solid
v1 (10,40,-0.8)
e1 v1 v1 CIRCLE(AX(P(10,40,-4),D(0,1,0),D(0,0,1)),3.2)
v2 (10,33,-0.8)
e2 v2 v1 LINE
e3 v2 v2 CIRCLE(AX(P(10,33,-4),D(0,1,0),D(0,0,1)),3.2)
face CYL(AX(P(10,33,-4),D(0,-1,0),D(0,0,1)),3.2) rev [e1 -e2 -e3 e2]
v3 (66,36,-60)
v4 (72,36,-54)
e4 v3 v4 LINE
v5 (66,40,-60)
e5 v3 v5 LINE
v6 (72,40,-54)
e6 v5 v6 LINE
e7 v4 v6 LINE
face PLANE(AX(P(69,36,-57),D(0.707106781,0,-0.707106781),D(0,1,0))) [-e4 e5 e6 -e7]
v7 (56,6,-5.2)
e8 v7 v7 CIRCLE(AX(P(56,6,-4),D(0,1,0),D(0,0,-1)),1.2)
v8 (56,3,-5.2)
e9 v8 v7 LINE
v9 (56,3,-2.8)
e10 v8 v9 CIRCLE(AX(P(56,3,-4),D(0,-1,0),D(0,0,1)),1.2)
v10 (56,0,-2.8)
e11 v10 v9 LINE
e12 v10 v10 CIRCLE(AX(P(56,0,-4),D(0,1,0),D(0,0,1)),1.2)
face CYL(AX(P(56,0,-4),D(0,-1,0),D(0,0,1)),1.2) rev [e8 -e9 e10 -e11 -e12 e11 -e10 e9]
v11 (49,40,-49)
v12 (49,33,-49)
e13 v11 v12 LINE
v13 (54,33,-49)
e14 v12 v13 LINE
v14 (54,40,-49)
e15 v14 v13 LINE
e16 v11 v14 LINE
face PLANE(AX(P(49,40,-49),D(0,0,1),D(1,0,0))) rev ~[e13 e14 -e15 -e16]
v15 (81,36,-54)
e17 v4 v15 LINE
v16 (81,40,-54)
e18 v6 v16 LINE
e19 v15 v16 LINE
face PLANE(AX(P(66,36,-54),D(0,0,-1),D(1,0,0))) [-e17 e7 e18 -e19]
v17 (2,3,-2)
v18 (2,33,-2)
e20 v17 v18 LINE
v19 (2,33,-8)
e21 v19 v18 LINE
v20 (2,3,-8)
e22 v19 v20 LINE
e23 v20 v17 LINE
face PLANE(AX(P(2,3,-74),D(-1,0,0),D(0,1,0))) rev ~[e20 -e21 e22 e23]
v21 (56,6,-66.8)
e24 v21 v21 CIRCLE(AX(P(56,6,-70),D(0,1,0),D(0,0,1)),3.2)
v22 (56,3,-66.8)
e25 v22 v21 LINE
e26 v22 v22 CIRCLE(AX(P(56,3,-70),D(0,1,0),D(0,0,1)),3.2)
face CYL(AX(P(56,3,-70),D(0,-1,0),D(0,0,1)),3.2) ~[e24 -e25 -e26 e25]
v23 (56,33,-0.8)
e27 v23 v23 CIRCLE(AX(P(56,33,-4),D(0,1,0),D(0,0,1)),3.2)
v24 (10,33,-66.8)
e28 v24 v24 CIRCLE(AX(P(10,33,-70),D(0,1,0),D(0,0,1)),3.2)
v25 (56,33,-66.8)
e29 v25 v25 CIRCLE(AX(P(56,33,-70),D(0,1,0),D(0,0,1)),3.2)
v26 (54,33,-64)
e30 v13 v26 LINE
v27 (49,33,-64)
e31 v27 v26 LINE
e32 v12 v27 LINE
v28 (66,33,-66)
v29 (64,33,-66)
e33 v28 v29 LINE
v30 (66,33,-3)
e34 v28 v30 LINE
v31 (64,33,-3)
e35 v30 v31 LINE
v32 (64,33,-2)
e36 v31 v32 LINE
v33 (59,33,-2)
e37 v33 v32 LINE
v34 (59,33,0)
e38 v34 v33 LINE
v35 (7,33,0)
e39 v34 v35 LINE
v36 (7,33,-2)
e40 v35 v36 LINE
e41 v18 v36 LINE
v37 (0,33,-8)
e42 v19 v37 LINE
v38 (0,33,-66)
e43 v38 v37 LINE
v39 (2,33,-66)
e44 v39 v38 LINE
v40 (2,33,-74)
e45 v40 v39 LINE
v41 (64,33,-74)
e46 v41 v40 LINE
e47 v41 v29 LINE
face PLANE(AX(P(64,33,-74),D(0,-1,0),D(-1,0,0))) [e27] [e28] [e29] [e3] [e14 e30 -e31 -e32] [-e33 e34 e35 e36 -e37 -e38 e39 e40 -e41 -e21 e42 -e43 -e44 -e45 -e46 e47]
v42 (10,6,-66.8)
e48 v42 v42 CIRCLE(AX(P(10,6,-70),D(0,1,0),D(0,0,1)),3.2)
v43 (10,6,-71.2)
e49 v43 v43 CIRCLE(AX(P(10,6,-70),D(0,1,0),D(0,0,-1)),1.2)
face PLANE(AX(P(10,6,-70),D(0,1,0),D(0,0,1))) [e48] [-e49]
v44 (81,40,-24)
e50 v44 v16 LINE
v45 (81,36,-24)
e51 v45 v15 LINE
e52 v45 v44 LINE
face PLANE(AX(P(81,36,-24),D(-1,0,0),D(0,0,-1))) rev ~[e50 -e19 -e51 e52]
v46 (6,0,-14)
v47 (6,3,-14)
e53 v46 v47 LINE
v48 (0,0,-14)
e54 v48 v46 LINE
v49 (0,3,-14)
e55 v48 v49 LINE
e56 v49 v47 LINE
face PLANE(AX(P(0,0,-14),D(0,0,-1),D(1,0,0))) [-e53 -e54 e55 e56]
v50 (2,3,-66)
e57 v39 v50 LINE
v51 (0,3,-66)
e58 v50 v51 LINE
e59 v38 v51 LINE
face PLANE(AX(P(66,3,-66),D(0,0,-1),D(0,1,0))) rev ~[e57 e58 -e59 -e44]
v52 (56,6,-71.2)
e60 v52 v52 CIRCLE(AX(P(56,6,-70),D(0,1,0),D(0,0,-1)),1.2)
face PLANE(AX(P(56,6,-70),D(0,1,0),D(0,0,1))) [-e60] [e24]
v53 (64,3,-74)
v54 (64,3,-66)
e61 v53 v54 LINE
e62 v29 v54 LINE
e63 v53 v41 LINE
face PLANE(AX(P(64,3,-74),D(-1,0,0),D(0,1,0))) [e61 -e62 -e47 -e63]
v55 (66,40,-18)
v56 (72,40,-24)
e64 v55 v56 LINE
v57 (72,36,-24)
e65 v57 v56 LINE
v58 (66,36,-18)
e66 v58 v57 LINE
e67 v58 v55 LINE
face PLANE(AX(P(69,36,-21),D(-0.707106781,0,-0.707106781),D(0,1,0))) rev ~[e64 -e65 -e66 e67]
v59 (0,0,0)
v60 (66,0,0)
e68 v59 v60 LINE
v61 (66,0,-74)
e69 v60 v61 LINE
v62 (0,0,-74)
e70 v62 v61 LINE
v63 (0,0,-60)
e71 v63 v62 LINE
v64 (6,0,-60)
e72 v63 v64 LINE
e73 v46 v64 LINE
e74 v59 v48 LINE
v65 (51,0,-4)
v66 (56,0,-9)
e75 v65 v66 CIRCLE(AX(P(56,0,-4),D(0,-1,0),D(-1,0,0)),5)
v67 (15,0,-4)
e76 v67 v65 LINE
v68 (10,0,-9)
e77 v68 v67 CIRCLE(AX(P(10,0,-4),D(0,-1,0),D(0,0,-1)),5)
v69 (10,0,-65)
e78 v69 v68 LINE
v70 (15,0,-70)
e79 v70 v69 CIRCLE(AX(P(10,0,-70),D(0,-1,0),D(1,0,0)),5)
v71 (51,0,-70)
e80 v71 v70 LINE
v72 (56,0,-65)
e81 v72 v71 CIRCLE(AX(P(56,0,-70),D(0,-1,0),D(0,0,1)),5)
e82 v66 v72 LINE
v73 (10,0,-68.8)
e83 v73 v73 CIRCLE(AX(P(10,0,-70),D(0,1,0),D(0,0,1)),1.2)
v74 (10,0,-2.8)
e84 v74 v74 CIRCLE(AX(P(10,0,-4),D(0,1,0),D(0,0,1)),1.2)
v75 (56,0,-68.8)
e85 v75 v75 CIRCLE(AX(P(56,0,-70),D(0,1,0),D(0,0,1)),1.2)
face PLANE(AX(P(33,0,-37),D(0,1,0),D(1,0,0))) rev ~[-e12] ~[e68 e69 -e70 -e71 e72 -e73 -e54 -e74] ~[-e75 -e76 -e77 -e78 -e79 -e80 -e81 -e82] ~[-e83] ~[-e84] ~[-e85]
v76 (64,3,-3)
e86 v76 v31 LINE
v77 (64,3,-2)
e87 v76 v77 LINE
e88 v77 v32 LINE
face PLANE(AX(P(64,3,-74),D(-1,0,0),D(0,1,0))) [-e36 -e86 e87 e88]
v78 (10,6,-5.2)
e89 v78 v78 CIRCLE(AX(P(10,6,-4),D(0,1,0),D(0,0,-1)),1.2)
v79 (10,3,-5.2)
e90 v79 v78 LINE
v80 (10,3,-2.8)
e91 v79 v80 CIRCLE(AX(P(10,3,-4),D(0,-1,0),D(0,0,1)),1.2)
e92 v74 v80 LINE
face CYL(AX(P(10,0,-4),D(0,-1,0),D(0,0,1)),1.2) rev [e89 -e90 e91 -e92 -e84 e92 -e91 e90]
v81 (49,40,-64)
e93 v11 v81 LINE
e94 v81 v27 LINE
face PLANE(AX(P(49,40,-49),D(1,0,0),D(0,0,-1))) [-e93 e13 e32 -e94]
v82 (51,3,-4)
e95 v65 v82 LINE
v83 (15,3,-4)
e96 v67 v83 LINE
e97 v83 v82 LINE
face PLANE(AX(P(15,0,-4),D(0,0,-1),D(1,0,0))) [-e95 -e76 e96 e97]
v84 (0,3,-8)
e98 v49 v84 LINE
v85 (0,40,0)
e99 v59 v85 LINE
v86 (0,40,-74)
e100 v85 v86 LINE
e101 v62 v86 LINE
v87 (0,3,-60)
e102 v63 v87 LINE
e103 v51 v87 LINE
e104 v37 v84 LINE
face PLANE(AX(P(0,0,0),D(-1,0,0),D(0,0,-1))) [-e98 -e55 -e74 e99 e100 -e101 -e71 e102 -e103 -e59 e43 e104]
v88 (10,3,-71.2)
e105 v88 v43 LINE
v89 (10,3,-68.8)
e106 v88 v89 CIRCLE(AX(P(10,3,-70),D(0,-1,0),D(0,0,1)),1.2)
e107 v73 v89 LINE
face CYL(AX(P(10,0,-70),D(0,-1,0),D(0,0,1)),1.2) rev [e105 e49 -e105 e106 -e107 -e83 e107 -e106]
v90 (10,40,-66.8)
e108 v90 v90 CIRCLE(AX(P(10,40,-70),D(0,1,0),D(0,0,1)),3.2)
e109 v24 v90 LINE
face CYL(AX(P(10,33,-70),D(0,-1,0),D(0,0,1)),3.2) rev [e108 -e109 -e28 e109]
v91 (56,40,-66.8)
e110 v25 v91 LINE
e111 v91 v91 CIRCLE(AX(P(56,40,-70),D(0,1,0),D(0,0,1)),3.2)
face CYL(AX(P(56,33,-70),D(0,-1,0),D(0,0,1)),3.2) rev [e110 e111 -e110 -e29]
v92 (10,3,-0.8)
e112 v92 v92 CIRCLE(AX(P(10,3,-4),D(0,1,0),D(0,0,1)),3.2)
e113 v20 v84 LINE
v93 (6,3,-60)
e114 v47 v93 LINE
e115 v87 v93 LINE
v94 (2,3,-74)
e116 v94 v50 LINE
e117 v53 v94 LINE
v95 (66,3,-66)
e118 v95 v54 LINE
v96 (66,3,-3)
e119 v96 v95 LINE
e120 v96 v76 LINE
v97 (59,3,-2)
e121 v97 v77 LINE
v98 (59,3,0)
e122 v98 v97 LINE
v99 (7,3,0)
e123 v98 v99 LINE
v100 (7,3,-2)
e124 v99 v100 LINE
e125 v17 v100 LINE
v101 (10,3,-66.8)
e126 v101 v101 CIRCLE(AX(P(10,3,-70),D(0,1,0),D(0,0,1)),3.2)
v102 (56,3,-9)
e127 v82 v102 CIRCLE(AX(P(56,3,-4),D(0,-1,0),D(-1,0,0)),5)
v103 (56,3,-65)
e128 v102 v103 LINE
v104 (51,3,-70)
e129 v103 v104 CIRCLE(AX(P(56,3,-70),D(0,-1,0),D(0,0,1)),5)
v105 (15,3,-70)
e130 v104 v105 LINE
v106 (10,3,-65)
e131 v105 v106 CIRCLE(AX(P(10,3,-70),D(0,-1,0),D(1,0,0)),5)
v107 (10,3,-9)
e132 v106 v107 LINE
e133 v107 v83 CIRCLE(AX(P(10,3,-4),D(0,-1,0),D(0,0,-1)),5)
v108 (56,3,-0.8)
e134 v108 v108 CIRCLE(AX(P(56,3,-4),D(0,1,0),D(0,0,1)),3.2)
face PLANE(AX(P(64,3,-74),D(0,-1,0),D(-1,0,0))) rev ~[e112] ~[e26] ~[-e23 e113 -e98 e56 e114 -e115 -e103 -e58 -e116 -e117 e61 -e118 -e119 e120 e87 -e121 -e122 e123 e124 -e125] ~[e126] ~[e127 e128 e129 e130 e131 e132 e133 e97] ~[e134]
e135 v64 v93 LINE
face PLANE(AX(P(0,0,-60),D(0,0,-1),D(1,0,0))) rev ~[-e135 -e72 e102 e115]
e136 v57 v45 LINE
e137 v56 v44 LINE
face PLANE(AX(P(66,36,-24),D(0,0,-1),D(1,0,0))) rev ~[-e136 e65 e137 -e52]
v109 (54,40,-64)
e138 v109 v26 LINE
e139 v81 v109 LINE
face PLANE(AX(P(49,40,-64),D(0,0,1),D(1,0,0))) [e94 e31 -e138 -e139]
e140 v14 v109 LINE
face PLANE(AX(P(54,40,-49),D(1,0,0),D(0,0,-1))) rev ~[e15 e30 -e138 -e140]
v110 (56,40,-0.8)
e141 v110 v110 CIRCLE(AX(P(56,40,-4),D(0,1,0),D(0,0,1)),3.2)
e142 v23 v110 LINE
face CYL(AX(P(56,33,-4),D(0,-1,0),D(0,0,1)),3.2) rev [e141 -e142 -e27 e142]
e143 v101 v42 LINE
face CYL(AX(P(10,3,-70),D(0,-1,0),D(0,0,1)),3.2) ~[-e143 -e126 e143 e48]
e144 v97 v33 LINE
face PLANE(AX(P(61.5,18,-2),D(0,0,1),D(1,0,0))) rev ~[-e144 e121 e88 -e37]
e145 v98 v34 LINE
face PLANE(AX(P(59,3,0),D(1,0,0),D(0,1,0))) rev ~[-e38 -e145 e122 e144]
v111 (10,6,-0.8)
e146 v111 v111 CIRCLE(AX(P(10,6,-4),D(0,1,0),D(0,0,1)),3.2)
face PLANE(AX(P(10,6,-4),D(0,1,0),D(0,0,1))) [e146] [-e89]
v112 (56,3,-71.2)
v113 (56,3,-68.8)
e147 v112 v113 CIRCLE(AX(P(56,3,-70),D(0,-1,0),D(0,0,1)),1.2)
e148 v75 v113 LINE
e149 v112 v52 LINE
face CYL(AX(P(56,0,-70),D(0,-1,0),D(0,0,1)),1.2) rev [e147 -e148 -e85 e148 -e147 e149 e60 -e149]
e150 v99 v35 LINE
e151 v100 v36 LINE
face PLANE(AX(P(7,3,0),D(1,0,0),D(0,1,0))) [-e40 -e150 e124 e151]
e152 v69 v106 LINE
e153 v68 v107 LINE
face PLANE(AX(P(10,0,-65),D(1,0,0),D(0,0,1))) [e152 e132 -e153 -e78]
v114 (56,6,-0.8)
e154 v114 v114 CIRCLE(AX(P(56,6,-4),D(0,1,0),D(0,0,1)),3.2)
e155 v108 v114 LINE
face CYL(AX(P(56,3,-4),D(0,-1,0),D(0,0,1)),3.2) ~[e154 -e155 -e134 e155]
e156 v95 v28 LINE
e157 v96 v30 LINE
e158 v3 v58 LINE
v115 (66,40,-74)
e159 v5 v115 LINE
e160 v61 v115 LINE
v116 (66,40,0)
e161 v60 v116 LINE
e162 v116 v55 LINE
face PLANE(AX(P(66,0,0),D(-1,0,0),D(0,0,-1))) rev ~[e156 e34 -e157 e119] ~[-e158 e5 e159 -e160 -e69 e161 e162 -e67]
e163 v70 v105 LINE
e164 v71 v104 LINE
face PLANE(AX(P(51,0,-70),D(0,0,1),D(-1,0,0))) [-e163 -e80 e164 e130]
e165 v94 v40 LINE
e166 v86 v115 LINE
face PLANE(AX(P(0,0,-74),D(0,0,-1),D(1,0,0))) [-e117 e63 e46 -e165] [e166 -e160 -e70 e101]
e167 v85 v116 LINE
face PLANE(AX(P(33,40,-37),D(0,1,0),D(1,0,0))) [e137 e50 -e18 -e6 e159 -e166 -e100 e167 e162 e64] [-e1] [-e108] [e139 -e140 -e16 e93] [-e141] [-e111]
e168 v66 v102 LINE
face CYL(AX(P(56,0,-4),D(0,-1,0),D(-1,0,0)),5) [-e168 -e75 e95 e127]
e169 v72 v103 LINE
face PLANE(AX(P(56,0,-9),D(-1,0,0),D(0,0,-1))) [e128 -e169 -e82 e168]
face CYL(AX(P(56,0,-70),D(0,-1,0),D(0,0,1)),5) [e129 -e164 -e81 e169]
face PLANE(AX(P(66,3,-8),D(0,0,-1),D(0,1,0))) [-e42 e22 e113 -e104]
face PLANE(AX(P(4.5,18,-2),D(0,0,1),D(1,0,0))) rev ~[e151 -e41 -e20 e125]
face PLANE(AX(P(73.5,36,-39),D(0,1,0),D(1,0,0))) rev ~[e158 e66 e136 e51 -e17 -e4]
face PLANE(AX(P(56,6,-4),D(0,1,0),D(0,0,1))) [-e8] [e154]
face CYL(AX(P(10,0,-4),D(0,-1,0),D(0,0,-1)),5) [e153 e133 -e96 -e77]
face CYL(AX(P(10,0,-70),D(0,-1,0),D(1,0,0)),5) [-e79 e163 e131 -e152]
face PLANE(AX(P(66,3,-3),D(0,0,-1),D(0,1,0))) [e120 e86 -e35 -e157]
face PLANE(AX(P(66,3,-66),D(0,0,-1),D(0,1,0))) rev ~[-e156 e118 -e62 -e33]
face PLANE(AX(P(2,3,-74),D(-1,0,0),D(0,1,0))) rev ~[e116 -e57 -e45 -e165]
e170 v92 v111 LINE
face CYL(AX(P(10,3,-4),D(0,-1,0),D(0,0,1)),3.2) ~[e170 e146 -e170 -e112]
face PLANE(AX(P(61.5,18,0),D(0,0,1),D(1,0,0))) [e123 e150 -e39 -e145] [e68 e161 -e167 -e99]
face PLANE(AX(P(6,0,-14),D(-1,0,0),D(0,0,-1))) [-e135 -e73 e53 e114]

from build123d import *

# Parameters (mm, degrees)
SKETCH1_W                             = 66
SKETCH1_H                             = 74
SKETCH1_R                             = 1.2
MAIN_OUTER_CONNECTION_DEPTH           = 40
SKETCH2_W                             = 62
SKETCH2_H                             = 30
HOLE_FOR_PROTOBOARD_ACCESS_DEPTH      = 107.920531237
SKETCH16_W                            = 5
SKETCH16_H                            = 30
WALL_FOR_SCREW_TERMINAL_REPLACE_DEPTH = 2
SKETCH18_W                            = 58
SKETCH18_H                            = 30
HOLE_FOR_WIRE_CONNECTIONS_DEPTH       = 107.920531237
HOLE_FOR_SCREW_TERMINAL_REPLACE_REACH = 108.921
SKETCH18_3_W                          = 5
SKETCH18_3_H                          = 30
SKETCH1_3_W                           = 6
SKETCH1_3_H                           = 46
HOLE_FOR_WIRE_IN_BOTTOM_DEPTH         = 10
BOLT_START                            = 33
SKETCH1_5_R                           = 3.2
SKETCH1_5_R_2                         = 1.2
BOLT_HEAD_CLEARANCE_DEPTH             = 7
STANDOFF_START                        = 3
SKETCH1_6_R                           = 3.2
SKETCH1_6_R_2                         = 1.2
STANDOFF_FOR_WIRE_CLEARANCE_DEPTH     = 3
BREAKOUT_START                        = 36
SKETCH1_8_W                           = 15
SKETCH1_8_H                           = 30
BREAKOUT_BOARD_COVER_DEPTH            = 4
CUT_EXTRUDE14_START                   = 40
SKETCH1_9_W                           = 5
SKETCH1_9_H                           = 15
CUT_EXTRUDE14_DEPTH                   = 7
CHAMFER2_SIZE                         = 6


with BuildPart() as part:
    # Sketch1 → Main Outer Connection (new body)
    with BuildSketch(Plane(origin=(0, 0, 0), x_dir=(1, 0, 0), z_dir=(0, 1, 0))):
        with Locations((33, 37)):
            Rectangle(SKETCH1_W, SKETCH1_H)
        with Locations(Location((10, 70, 0), (0, 0, 270))):
            Circle(SKETCH1_R, mode=Mode.SUBTRACT)
        with Locations(Location((56, 70, 0), (0, 0, 270))):
            Circle(SKETCH1_R, mode=Mode.SUBTRACT)
        with Locations(Location((10, 4, 0), (0, 0, 270))):
            Circle(SKETCH1_R, mode=Mode.SUBTRACT)
        with Locations(Location((56, 4, 0), (0, 0, 270))):
            Circle(SKETCH1_R, mode=Mode.SUBTRACT)
    extrude(amount=MAIN_OUTER_CONNECTION_DEPTH)

    # Sketch2 → Hole for Protoboard Access (cut, through all)
    with BuildSketch(Plane(origin=(0, 0, -74), x_dir=(-1, 0, 0), z_dir=(0, 0, -1))):
        with Locations((-33, 18)):
            Rectangle(SKETCH2_W, SKETCH2_H)
    extrude(amount=-HOLE_FOR_PROTOBOARD_ACCESS_DEPTH, mode=Mode.SUBTRACT)

    # Sketch16 → Wall for Screw Terminal Replace (add)
    with BuildSketch(Plane.XY):
        with Locations((61.5, 18)):
            Rectangle(SKETCH16_W, SKETCH16_H)
        with Locations((4.5, 18)):
            Rectangle(SKETCH16_W, SKETCH16_H)
    extrude(amount=-WALL_FOR_SCREW_TERMINAL_REPLACE_DEPTH)

    # Sketch18 → Hole for Wire Connections (cut, through all)
    with BuildSketch(Plane(origin=(66, 0, 0), x_dir=(0, 0, -1), z_dir=(1, 0, 0))):
        with Locations((37, 18)):
            Rectangle(SKETCH18_W, SKETCH18_H)
    extrude(amount=-HOLE_FOR_WIRE_CONNECTIONS_DEPTH, mode=Mode.SUBTRACT)

    # Sketch18<3> → Hole for Screw Terminal Replace (cut, up to next)
    with BuildSketch(Plane(origin=(66, 0, 0), x_dir=(0, 0, -1), z_dir=(1, 0, 0)), mode=Mode.PRIVATE) as hole_for_screw_terminal_replace_sk1:
        with Locations((5.5, 18)):
            Rectangle(SKETCH18_3_W, SKETCH18_3_H)
    hole_for_screw_terminal_replace_tool1 = extrude(hole_for_screw_terminal_replace_sk1.sketch, amount=-HOLE_FOR_SCREW_TERMINAL_REPLACE_REACH, mode=Mode.PRIVATE) & part.part
    add(hole_for_screw_terminal_replace_tool1.solids().sort_by_distance((66, 18, -5.5))[0], mode=Mode.SUBTRACT)

    # Sketch1<3> → Hole for Wire in Bottom (cut)
    with BuildSketch(Plane(origin=(0, 0, 0), x_dir=(1, 0, 0), z_dir=(0, 1, 0))):
        with Locations((3, 37)):
            Rectangle(SKETCH1_3_W, SKETCH1_3_H)
        with BuildLine():
            Line((51, 70), (15, 70))
            ThreePointArc((15, 70), (13.535533906, 66.464466094), (10, 65))
            Line((10, 65), (10, 9))
            ThreePointArc((10, 9), (13.535533906, 7.535533906), (15, 4))
            Line((15, 4), (51, 4))
            ThreePointArc((51, 4), (52.464466094, 7.535533906), (56, 9))
            Line((56, 9), (56, 65))
            ThreePointArc((56, 65), (52.464466094, 66.464466094), (51, 70))
        make_face()
    extrude(amount=HOLE_FOR_WIRE_IN_BOTTOM_DEPTH, mode=Mode.SUBTRACT)

    # Sketch1<5> → Bolt Head Clearance (cut)
    # profile 1 of 4: a face of its own
    with BuildSketch(Plane(origin=(0, 0, 0), x_dir=(1, 0, 0), z_dir=(0, 1, 0)).offset(BOLT_START)):
        with Locations(Location((56, 4, 0), (0, 0, 270))):
            Circle(SKETCH1_5_R)
        with Locations(Location((56, 4, 0), (0, 0, 90))):
            Circle(SKETCH1_5_R_2, mode=Mode.SUBTRACT)
    # profile 2 of 4: a face of its own
    with BuildSketch(Plane(origin=(0, 0, 0), x_dir=(1, 0, 0), z_dir=(0, 1, 0)).offset(BOLT_START)):
        with Locations(Location((10, 4, 0), (0, 0, 270))):
            Circle(SKETCH1_5_R)
        with Locations(Location((10, 4, 0), (0, 0, 90))):
            Circle(SKETCH1_5_R_2, mode=Mode.SUBTRACT)
    # profile 3 of 4: a face of its own
    with BuildSketch(Plane(origin=(0, 0, 0), x_dir=(1, 0, 0), z_dir=(0, 1, 0)).offset(BOLT_START)):
        with Locations(Location((10, 70, 0), (0, 0, 270))):
            Circle(SKETCH1_5_R)
        with Locations(Location((10, 70, 0), (0, 0, 90))):
            Circle(SKETCH1_5_R_2, mode=Mode.SUBTRACT)
    # profile 4 of 4: a face of its own
    with BuildSketch(Plane(origin=(0, 0, 0), x_dir=(1, 0, 0), z_dir=(0, 1, 0)).offset(BOLT_START)):
        with Locations(Location((56, 70, 0), (0, 0, 270))):
            Circle(SKETCH1_5_R)
        with Locations(Location((56, 70, 0), (0, 0, 90))):
            Circle(SKETCH1_5_R_2, mode=Mode.SUBTRACT)
    extrude(amount=BOLT_HEAD_CLEARANCE_DEPTH, mode=Mode.SUBTRACT)

    # Sketch1<6> → Standoff for Wire Clearance (add)
    # profile 1 of 4: a face of its own
    with BuildSketch(Plane(origin=(0, 0, 0), x_dir=(1, 0, 0), z_dir=(0, 1, 0)).offset(STANDOFF_START)):
        with Locations(Location((10, 4, 0), (0, 0, 270))):
            Circle(SKETCH1_6_R)
        with Locations(Location((10, 4, 0), (0, 0, 90))):
            Circle(SKETCH1_6_R_2, mode=Mode.SUBTRACT)
    # profile 2 of 4: a face of its own
    with BuildSketch(Plane(origin=(0, 0, 0), x_dir=(1, 0, 0), z_dir=(0, 1, 0)).offset(STANDOFF_START)):
        with Locations(Location((56, 4, 0), (0, 0, 270))):
            Circle(SKETCH1_6_R)
        with Locations(Location((56, 4, 0), (0, 0, 90))):
            Circle(SKETCH1_6_R_2, mode=Mode.SUBTRACT)
    # profile 3 of 4: a face of its own
    with BuildSketch(Plane(origin=(0, 0, 0), x_dir=(1, 0, 0), z_dir=(0, 1, 0)).offset(STANDOFF_START)):
        with Locations(Location((56, 70, 0), (0, 0, 270))):
            Circle(SKETCH1_6_R)
        with Locations(Location((56, 70, 0), (0, 0, 90))):
            Circle(SKETCH1_6_R_2, mode=Mode.SUBTRACT)
    # profile 4 of 4: a face of its own
    with BuildSketch(Plane(origin=(0, 0, 0), x_dir=(1, 0, 0), z_dir=(0, 1, 0)).offset(STANDOFF_START)):
        with Locations(Location((10, 70, 0), (0, 0, 270))):
            Circle(SKETCH1_6_R)
        with Locations(Location((10, 70, 0), (0, 0, 90))):
            Circle(SKETCH1_6_R_2, mode=Mode.SUBTRACT)
    extrude(amount=STANDOFF_FOR_WIRE_CLEARANCE_DEPTH)

    # Sketch1<8> → Breakout Board Cover (add)
    with BuildSketch(Plane(origin=(0, 0, 0), x_dir=(1, 0, 0), z_dir=(0, 1, 0)).offset(BREAKOUT_START)):
        with Locations((73.5, 39)):
            Rectangle(SKETCH1_8_W, SKETCH1_8_H)
    extrude(amount=BREAKOUT_BOARD_COVER_DEPTH)

    # Sketch1<9> → Cut-Extrude14 (cut)
    with BuildSketch(Plane(origin=(0, 0, 0), x_dir=(1, 0, 0), z_dir=(0, 1, 0)).offset(CUT_EXTRUDE14_START)):
        with Locations((51.5, 56.5)):
            Rectangle(SKETCH1_9_W, SKETCH1_9_H)
    extrude(amount=-CUT_EXTRUDE14_DEPTH, mode=Mode.SUBTRACT)

    # Chamfer2
    chamfer2_edges = [part.edges().sort_by_distance(p)[0] for p in [
        (66, 38, -24),
        (66, 38, -54),
    ]]
    chamfer(chamfer2_edges, length=CHAMFER2_SIZE)


solid = part.part
